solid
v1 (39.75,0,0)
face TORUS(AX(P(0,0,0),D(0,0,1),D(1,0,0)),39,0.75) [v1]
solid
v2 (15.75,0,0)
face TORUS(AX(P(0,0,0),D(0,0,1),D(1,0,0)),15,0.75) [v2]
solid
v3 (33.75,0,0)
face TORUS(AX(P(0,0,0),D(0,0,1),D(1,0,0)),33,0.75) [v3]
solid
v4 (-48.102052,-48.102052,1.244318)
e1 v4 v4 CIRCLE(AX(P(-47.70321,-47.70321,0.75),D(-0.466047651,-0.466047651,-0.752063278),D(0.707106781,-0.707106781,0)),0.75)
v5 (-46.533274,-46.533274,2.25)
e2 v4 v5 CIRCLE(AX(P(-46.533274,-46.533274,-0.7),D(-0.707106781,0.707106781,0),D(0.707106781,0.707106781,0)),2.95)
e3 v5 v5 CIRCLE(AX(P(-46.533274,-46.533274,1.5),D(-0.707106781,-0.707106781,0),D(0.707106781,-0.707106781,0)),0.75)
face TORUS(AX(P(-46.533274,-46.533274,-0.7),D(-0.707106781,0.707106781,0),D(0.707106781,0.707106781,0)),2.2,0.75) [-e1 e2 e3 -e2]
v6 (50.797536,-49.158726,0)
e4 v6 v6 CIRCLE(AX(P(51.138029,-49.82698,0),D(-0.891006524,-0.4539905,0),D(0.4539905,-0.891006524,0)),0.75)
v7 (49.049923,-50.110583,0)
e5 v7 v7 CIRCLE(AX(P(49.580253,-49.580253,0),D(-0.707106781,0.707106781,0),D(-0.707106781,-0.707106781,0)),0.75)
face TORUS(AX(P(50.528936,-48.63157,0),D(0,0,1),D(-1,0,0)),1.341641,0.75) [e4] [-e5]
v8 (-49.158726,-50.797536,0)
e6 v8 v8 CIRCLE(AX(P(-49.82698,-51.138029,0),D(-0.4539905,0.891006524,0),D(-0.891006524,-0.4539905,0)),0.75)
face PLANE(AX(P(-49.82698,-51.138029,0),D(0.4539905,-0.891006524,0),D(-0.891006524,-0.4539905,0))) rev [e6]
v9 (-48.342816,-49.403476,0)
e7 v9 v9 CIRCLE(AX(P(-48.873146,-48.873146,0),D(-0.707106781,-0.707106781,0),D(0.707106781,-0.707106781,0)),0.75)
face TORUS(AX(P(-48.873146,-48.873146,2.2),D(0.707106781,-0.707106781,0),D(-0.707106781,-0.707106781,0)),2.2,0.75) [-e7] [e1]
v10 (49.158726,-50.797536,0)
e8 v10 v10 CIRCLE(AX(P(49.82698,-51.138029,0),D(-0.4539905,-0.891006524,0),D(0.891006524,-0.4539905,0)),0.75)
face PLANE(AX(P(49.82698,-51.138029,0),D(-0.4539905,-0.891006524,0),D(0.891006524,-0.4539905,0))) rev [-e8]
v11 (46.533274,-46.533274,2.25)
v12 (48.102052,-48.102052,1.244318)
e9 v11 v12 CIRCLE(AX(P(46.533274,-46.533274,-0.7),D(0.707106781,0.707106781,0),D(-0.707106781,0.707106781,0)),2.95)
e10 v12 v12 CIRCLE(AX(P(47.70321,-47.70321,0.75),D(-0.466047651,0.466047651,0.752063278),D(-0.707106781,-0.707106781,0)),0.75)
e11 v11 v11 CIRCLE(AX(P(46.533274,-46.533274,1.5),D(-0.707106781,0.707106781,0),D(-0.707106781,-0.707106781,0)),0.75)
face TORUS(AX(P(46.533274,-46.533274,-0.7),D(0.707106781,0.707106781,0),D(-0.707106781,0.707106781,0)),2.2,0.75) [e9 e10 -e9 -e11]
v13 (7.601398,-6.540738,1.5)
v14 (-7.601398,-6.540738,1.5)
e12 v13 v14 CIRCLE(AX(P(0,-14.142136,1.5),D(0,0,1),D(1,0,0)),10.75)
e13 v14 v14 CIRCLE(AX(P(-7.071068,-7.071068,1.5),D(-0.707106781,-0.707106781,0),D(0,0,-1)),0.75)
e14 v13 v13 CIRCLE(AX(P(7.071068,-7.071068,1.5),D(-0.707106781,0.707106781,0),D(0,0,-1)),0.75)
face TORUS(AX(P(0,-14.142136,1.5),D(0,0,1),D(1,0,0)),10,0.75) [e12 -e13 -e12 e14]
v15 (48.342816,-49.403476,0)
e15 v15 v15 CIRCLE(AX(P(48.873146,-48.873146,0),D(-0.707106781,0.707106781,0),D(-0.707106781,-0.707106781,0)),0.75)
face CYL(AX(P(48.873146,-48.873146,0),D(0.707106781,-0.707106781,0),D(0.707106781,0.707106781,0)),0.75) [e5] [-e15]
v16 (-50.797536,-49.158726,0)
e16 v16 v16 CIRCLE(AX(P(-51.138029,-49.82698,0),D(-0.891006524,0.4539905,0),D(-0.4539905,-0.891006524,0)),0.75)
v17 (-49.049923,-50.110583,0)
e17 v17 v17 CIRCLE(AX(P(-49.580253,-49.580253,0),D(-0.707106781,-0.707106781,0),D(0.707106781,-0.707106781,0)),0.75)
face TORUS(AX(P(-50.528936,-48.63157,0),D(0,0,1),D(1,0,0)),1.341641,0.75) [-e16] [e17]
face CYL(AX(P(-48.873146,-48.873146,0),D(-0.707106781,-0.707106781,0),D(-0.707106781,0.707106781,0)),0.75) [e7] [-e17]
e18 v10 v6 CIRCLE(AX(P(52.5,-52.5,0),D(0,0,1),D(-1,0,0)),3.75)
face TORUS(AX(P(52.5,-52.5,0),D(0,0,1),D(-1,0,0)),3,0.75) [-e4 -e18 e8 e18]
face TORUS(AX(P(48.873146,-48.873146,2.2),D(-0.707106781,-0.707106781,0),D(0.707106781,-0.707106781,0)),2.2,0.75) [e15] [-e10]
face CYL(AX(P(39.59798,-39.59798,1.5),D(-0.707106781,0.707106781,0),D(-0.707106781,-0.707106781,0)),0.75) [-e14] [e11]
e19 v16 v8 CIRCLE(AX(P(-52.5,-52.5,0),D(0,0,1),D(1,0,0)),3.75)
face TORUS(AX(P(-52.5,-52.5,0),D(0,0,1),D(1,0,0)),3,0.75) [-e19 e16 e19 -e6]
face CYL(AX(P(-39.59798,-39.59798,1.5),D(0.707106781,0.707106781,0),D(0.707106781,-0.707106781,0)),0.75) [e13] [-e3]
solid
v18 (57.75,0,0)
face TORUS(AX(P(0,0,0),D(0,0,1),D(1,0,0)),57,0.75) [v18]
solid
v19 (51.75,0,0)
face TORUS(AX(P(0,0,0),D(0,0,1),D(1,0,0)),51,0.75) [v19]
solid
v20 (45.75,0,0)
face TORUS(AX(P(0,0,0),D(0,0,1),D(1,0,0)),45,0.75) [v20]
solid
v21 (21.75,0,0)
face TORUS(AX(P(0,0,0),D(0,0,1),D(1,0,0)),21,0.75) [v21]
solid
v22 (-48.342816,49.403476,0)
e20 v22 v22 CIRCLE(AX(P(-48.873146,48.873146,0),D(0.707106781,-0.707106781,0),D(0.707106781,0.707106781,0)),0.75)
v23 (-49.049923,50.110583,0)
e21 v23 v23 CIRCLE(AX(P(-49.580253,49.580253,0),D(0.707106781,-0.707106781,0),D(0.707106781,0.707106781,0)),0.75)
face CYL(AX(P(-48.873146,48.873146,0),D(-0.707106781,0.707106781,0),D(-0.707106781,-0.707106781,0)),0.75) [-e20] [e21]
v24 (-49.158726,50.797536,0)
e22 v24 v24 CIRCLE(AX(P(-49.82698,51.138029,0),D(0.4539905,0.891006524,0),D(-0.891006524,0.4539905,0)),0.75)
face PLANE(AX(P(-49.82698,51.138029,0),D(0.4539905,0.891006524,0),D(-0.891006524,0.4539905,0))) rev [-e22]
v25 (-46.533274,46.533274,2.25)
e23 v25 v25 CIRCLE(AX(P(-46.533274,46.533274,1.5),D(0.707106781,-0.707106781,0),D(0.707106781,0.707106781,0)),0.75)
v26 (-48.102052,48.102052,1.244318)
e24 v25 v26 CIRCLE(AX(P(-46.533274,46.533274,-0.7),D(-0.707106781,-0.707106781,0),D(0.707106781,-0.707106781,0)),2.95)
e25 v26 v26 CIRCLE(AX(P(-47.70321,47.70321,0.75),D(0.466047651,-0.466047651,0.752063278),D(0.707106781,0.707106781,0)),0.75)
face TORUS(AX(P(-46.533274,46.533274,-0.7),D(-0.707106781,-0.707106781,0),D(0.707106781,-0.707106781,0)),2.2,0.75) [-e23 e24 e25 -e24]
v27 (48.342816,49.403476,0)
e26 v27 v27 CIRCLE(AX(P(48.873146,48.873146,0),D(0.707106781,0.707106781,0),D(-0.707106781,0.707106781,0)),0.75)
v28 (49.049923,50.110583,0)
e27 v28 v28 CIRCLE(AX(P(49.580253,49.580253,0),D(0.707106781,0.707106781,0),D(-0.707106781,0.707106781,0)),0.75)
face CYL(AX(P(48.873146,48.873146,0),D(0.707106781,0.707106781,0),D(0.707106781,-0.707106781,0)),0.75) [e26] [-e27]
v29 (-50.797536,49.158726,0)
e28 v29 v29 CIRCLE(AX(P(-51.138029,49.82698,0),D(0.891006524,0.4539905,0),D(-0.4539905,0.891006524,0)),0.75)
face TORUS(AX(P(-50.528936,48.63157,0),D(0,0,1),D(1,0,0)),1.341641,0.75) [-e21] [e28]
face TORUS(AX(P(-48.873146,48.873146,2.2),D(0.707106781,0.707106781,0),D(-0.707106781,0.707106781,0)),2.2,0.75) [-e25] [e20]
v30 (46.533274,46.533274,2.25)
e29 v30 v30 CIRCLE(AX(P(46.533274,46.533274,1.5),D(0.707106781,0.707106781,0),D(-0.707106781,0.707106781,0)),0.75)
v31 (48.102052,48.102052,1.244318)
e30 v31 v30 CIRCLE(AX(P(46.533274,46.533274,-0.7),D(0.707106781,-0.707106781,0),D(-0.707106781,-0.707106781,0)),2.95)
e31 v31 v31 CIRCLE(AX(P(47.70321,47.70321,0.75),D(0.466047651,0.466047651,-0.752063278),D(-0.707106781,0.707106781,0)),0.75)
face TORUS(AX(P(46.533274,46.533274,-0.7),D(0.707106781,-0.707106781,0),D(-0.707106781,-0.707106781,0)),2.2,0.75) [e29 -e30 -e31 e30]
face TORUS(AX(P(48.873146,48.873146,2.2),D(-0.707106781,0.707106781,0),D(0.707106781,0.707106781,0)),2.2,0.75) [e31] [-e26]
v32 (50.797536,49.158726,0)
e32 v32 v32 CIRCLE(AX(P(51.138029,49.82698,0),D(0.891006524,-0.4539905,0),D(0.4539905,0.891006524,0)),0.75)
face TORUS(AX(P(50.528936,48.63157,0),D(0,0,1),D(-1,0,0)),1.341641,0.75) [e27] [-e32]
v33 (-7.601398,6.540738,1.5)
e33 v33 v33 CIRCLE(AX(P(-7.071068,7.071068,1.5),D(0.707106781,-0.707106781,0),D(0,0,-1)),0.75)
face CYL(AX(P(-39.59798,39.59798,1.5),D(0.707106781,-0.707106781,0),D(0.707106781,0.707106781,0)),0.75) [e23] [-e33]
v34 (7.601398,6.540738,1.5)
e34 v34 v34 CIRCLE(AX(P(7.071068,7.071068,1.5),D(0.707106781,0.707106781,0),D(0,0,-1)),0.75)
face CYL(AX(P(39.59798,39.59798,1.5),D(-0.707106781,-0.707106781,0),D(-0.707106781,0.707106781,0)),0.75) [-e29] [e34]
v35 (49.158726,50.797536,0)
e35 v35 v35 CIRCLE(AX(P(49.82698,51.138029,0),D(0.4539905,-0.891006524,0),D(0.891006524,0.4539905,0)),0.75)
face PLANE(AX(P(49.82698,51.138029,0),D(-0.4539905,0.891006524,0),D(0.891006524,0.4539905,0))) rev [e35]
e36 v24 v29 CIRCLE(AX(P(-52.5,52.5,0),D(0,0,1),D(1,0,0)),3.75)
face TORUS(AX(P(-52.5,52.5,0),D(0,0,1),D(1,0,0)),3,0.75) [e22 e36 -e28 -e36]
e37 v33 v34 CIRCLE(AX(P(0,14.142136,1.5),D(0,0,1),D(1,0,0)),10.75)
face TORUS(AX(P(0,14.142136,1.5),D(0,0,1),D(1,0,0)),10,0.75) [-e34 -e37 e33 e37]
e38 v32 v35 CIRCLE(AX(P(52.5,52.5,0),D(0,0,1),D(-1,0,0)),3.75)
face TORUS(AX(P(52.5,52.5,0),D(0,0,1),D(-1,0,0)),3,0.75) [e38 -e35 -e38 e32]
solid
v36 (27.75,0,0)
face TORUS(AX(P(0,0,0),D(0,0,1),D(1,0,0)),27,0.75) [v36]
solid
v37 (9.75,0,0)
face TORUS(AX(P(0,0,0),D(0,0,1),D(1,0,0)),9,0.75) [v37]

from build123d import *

# Parameters (mm, degrees)
SKETCH2_R  = 0.75
SKETCH3_R  = 0.75
SKETCH4_R  = 0.75
SKETCH5_R  = 0.75
SKETCH7_R  = 0.75
SKETCH8_R  = 0.75
SKETCH9_R  = 0.75
SKETCH10_R = 0.75
SKETCH23_R = 0.75
SKETCH12_R = 0.75
SKETCH15_R = 0.75
SKETCH20_R = 0.75
SKETCH22_R = 0.75


with BuildPart() as part:
    # Sketch2 → Revolve1 (revolve)
    with BuildSketch(Plane(origin=(0, 0, 0), x_dir=(1, 0, 0), z_dir=(0, 1, 0)), mode=Mode.PRIVATE) as revolve1_sk:
        with Locations((-9, 0)):
            Circle(SKETCH2_R)
    revolve(revolve1_sk.sketch.rotate(Axis((0, 0, 2.4), (0, 0, -1)), 180), axis=Axis((0, 0, 2.4), (0, 0, -1)))


with BuildPart() as body_2:
    # Sketch3 → Revolve2 (revolve)
    with BuildSketch(Plane(origin=(0, 0, 0), x_dir=(1, 0, 0), z_dir=(0, 1, 0)), mode=Mode.PRIVATE) as revolve2_sk:
        with Locations((-15, 0)):
            Circle(SKETCH3_R)
    revolve(revolve2_sk.sketch.rotate(Axis((0, 0, 2.4), (0, 0, -1)), 180), axis=Axis((0, 0, 2.4), (0, 0, -1)))


with BuildPart() as body_3:
    # Sketch4 → Revolve3 (revolve)
    with BuildSketch(Plane(origin=(0, 0, 0), x_dir=(1, 0, 0), z_dir=(0, 1, 0)), mode=Mode.PRIVATE) as revolve3_sk:
        with Locations((-21, 0)):
            Circle(SKETCH4_R)
    revolve(revolve3_sk.sketch.rotate(Axis((0, 0, 2.4), (0, 0, -1)), 180), axis=Axis((0, 0, 2.4), (0, 0, -1)))


with BuildPart() as body_4:
    # Sketch5 → Revolve4 (revolve)
    with BuildSketch(Plane(origin=(0, 0, 0), x_dir=(1, 0, 0), z_dir=(0, 1, 0)), mode=Mode.PRIVATE) as revolve4_sk:
        with Locations((-27, 0)):
            Circle(SKETCH5_R)
    revolve(revolve4_sk.sketch.rotate(Axis((0, 0, 2.4), (0, 0, -1)), 180), axis=Axis((0, 0, 2.4), (0, 0, -1)))


with BuildPart() as body_5:
    # Sketch7 → Revolve5 (revolve)
    with BuildSketch(Plane(origin=(0, 0, 0), x_dir=(1, 0, 0), z_dir=(0, 1, 0)), mode=Mode.PRIVATE) as revolve5_sk:
        with Locations((-33, 0)):
            Circle(SKETCH7_R)
    revolve(revolve5_sk.sketch.rotate(Axis((0, 0, 2.4), (0, 0, -1)), 180), axis=Axis((0, 0, 2.4), (0, 0, -1)))


with BuildPart() as body_6:
    # Sketch8 → Revolve6 (revolve)
    with BuildSketch(Plane(origin=(0, 0, 0), x_dir=(1, 0, 0), z_dir=(0, 1, 0)), mode=Mode.PRIVATE) as revolve6_sk:
        with Locations((-39, 0)):
            Circle(SKETCH8_R)
    revolve(revolve6_sk.sketch.rotate(Axis((0, 0, 2.4), (0, 0, -1)), 180), axis=Axis((0, 0, 2.4), (0, 0, -1)))


with BuildPart() as body_7:
    # Sketch9 → Revolve7 (revolve)
    with BuildSketch(Plane(origin=(0, 0, 0), x_dir=(1, 0, 0), z_dir=(0, 1, 0)), mode=Mode.PRIVATE) as revolve7_sk:
        with Locations((-45, 0)):
            Circle(SKETCH9_R)
    revolve(revolve7_sk.sketch.rotate(Axis((0, 0, 2.4), (0, 0, -1)), 180), axis=Axis((0, 0, 2.4), (0, 0, -1)))


with BuildPart() as body_8:
    # Sketch10 → Revolve8 (revolve)
    with BuildSketch(Plane(origin=(0, 0, 0), x_dir=(1, 0, 0), z_dir=(0, 1, 0)), mode=Mode.PRIVATE) as revolve8_sk:
        with Locations((-51, 0)):
            Circle(SKETCH10_R)
    revolve(revolve8_sk.sketch.rotate(Axis((0, 0, 2.4), (0, 0, -1)), 180), axis=Axis((0, 0, 2.4), (0, 0, -1)))


with BuildPart() as body_9:
    # Sketch23 → Revolve9 (revolve)
    with BuildSketch(Plane(origin=(0, 0, 0), x_dir=(1, 0, 0), z_dir=(0, 1, 0)), mode=Mode.PRIVATE) as revolve9_sk:
        with Locations((-57, 0)):
            Circle(SKETCH23_R)
    revolve(revolve9_sk.sketch.rotate(Axis((0, 0, 2.4), (0, 0, -1)), 180), axis=Axis((0, 0, 2.4), (0, 0, -1)))


with BuildPart() as body_10:
    # Sweep1: sweep along a path in Sketch11
    with BuildLine(Plane.XY.offset(1.5)) as sweep1_path:
        Line((-39.597979746, 39.597979746), (-7.071067812, 7.071067812))
        ThreePointArc((-7.071067812, 7.071067812), (-3.826834324, 4.903340299), (0, 4.142135624))
    # Sketch12 → Sweep1 (sweep)
    with BuildSketch(Plane(origin=(0, 0, 0), x_dir=(0, 0, -1), z_dir=(1, 0, 0))):
        with Locations((-1.5, 4.142135624)):
            Circle(SKETCH12_R)
    sweep(path=sweep1_path.line)



with BuildPart() as body_11:
    # Sweep3: sweep along a path in Sketch13
    with BuildLine(Plane.XY) as sweep3_path:
        ThreePointArc((-49.826980427, 51.138028501), (-54.621320344, 54.621320344), (-51.138028501, 49.826980427))
    # Sketch15 → Sweep3 (sweep)
    with BuildSketch(Plane(origin=(10.416058975, 20.44266677, 0), x_dir=(0, 0, 1), z_dir=(0.4539904997395446, 0.891006524188369, 0))):
        with Locations((0, -67.612343756)):
            Circle(SKETCH15_R)
    sweep(path=sweep3_path.line)

    # Sweep4: sweep along a path in Sketch19
    with BuildLine(Plane.XY) as sweep4_path:
        Line((-48.87314625, 48.87314625), (-49.580253032, 49.580253032))
        ThreePointArc((-49.580253032, 49.580253032), (-50.319057471, 49.956692696), (-51.138028501, 49.826980427))
    # Sketch20 → Sweep4 (sweep)
    with BuildSketch(Plane(origin=(-20.44266677, -10.416058975, 0), x_dir=(0, 0, -1), z_dir=(0.8910065241883685, 0.45399049973954597, 0))):
        with Locations((0, 67.612343756)):
            Circle(SKETCH20_R)
    sweep(path=sweep4_path.line)


with BuildPart() as body_10_1:
    add(body_10.part)

    add(body_11.part)  # Sweep5 merges body 11
    # Sweep5: sweep along a path in Sketch21
    with BuildLine(Plane(origin=(0, 0, 0), x_dir=(0, 0, -1), z_dir=(0.7071067811865464, 0.7071067811865488, 0))) as sweep5_path:
        Line((-1.5, 56), (-1.5, 65.807987842))
        ThreePointArc((-1.5, 65.807987842), (-1.303746491, 66.716282948), (-0.75, 67.462527052))
        ThreePointArc((-0.75, 67.462527052), (-0.196253509, 68.208771157), (0, 69.117066263))
    # Sketch22 → Sweep5 (sweep)
    with BuildSketch(Plane(origin=(-48.87314625, 48.87314625, 0), x_dir=(0, 0, -1), z_dir=(0.7071067811865712, -0.7071067811865239, 0))):
        Circle(SKETCH22_R)
    sweep(path=sweep5_path.line)

    # Mirror1: body 10 across plane


with BuildPart() as body_10_2:
    add(body_10_1.part)
    add(body_10_1.part.mirror(Plane(origin=(0, 4.142135624, 1.5), x_dir=(0, 0, 1), z_dir=(1, 0, 0))))


with BuildPart() as body_11_2:
    # Mirror2: mirrored copy
    add(body_10_2.part.mirror(Plane.ZX))


solid = Compound([part.part, body_2.part, body_3.part, body_4.part, body_5.part, body_6.part, body_7.part, body_8.part, body_9.part, body_10_2.part, body_11_2.part])
